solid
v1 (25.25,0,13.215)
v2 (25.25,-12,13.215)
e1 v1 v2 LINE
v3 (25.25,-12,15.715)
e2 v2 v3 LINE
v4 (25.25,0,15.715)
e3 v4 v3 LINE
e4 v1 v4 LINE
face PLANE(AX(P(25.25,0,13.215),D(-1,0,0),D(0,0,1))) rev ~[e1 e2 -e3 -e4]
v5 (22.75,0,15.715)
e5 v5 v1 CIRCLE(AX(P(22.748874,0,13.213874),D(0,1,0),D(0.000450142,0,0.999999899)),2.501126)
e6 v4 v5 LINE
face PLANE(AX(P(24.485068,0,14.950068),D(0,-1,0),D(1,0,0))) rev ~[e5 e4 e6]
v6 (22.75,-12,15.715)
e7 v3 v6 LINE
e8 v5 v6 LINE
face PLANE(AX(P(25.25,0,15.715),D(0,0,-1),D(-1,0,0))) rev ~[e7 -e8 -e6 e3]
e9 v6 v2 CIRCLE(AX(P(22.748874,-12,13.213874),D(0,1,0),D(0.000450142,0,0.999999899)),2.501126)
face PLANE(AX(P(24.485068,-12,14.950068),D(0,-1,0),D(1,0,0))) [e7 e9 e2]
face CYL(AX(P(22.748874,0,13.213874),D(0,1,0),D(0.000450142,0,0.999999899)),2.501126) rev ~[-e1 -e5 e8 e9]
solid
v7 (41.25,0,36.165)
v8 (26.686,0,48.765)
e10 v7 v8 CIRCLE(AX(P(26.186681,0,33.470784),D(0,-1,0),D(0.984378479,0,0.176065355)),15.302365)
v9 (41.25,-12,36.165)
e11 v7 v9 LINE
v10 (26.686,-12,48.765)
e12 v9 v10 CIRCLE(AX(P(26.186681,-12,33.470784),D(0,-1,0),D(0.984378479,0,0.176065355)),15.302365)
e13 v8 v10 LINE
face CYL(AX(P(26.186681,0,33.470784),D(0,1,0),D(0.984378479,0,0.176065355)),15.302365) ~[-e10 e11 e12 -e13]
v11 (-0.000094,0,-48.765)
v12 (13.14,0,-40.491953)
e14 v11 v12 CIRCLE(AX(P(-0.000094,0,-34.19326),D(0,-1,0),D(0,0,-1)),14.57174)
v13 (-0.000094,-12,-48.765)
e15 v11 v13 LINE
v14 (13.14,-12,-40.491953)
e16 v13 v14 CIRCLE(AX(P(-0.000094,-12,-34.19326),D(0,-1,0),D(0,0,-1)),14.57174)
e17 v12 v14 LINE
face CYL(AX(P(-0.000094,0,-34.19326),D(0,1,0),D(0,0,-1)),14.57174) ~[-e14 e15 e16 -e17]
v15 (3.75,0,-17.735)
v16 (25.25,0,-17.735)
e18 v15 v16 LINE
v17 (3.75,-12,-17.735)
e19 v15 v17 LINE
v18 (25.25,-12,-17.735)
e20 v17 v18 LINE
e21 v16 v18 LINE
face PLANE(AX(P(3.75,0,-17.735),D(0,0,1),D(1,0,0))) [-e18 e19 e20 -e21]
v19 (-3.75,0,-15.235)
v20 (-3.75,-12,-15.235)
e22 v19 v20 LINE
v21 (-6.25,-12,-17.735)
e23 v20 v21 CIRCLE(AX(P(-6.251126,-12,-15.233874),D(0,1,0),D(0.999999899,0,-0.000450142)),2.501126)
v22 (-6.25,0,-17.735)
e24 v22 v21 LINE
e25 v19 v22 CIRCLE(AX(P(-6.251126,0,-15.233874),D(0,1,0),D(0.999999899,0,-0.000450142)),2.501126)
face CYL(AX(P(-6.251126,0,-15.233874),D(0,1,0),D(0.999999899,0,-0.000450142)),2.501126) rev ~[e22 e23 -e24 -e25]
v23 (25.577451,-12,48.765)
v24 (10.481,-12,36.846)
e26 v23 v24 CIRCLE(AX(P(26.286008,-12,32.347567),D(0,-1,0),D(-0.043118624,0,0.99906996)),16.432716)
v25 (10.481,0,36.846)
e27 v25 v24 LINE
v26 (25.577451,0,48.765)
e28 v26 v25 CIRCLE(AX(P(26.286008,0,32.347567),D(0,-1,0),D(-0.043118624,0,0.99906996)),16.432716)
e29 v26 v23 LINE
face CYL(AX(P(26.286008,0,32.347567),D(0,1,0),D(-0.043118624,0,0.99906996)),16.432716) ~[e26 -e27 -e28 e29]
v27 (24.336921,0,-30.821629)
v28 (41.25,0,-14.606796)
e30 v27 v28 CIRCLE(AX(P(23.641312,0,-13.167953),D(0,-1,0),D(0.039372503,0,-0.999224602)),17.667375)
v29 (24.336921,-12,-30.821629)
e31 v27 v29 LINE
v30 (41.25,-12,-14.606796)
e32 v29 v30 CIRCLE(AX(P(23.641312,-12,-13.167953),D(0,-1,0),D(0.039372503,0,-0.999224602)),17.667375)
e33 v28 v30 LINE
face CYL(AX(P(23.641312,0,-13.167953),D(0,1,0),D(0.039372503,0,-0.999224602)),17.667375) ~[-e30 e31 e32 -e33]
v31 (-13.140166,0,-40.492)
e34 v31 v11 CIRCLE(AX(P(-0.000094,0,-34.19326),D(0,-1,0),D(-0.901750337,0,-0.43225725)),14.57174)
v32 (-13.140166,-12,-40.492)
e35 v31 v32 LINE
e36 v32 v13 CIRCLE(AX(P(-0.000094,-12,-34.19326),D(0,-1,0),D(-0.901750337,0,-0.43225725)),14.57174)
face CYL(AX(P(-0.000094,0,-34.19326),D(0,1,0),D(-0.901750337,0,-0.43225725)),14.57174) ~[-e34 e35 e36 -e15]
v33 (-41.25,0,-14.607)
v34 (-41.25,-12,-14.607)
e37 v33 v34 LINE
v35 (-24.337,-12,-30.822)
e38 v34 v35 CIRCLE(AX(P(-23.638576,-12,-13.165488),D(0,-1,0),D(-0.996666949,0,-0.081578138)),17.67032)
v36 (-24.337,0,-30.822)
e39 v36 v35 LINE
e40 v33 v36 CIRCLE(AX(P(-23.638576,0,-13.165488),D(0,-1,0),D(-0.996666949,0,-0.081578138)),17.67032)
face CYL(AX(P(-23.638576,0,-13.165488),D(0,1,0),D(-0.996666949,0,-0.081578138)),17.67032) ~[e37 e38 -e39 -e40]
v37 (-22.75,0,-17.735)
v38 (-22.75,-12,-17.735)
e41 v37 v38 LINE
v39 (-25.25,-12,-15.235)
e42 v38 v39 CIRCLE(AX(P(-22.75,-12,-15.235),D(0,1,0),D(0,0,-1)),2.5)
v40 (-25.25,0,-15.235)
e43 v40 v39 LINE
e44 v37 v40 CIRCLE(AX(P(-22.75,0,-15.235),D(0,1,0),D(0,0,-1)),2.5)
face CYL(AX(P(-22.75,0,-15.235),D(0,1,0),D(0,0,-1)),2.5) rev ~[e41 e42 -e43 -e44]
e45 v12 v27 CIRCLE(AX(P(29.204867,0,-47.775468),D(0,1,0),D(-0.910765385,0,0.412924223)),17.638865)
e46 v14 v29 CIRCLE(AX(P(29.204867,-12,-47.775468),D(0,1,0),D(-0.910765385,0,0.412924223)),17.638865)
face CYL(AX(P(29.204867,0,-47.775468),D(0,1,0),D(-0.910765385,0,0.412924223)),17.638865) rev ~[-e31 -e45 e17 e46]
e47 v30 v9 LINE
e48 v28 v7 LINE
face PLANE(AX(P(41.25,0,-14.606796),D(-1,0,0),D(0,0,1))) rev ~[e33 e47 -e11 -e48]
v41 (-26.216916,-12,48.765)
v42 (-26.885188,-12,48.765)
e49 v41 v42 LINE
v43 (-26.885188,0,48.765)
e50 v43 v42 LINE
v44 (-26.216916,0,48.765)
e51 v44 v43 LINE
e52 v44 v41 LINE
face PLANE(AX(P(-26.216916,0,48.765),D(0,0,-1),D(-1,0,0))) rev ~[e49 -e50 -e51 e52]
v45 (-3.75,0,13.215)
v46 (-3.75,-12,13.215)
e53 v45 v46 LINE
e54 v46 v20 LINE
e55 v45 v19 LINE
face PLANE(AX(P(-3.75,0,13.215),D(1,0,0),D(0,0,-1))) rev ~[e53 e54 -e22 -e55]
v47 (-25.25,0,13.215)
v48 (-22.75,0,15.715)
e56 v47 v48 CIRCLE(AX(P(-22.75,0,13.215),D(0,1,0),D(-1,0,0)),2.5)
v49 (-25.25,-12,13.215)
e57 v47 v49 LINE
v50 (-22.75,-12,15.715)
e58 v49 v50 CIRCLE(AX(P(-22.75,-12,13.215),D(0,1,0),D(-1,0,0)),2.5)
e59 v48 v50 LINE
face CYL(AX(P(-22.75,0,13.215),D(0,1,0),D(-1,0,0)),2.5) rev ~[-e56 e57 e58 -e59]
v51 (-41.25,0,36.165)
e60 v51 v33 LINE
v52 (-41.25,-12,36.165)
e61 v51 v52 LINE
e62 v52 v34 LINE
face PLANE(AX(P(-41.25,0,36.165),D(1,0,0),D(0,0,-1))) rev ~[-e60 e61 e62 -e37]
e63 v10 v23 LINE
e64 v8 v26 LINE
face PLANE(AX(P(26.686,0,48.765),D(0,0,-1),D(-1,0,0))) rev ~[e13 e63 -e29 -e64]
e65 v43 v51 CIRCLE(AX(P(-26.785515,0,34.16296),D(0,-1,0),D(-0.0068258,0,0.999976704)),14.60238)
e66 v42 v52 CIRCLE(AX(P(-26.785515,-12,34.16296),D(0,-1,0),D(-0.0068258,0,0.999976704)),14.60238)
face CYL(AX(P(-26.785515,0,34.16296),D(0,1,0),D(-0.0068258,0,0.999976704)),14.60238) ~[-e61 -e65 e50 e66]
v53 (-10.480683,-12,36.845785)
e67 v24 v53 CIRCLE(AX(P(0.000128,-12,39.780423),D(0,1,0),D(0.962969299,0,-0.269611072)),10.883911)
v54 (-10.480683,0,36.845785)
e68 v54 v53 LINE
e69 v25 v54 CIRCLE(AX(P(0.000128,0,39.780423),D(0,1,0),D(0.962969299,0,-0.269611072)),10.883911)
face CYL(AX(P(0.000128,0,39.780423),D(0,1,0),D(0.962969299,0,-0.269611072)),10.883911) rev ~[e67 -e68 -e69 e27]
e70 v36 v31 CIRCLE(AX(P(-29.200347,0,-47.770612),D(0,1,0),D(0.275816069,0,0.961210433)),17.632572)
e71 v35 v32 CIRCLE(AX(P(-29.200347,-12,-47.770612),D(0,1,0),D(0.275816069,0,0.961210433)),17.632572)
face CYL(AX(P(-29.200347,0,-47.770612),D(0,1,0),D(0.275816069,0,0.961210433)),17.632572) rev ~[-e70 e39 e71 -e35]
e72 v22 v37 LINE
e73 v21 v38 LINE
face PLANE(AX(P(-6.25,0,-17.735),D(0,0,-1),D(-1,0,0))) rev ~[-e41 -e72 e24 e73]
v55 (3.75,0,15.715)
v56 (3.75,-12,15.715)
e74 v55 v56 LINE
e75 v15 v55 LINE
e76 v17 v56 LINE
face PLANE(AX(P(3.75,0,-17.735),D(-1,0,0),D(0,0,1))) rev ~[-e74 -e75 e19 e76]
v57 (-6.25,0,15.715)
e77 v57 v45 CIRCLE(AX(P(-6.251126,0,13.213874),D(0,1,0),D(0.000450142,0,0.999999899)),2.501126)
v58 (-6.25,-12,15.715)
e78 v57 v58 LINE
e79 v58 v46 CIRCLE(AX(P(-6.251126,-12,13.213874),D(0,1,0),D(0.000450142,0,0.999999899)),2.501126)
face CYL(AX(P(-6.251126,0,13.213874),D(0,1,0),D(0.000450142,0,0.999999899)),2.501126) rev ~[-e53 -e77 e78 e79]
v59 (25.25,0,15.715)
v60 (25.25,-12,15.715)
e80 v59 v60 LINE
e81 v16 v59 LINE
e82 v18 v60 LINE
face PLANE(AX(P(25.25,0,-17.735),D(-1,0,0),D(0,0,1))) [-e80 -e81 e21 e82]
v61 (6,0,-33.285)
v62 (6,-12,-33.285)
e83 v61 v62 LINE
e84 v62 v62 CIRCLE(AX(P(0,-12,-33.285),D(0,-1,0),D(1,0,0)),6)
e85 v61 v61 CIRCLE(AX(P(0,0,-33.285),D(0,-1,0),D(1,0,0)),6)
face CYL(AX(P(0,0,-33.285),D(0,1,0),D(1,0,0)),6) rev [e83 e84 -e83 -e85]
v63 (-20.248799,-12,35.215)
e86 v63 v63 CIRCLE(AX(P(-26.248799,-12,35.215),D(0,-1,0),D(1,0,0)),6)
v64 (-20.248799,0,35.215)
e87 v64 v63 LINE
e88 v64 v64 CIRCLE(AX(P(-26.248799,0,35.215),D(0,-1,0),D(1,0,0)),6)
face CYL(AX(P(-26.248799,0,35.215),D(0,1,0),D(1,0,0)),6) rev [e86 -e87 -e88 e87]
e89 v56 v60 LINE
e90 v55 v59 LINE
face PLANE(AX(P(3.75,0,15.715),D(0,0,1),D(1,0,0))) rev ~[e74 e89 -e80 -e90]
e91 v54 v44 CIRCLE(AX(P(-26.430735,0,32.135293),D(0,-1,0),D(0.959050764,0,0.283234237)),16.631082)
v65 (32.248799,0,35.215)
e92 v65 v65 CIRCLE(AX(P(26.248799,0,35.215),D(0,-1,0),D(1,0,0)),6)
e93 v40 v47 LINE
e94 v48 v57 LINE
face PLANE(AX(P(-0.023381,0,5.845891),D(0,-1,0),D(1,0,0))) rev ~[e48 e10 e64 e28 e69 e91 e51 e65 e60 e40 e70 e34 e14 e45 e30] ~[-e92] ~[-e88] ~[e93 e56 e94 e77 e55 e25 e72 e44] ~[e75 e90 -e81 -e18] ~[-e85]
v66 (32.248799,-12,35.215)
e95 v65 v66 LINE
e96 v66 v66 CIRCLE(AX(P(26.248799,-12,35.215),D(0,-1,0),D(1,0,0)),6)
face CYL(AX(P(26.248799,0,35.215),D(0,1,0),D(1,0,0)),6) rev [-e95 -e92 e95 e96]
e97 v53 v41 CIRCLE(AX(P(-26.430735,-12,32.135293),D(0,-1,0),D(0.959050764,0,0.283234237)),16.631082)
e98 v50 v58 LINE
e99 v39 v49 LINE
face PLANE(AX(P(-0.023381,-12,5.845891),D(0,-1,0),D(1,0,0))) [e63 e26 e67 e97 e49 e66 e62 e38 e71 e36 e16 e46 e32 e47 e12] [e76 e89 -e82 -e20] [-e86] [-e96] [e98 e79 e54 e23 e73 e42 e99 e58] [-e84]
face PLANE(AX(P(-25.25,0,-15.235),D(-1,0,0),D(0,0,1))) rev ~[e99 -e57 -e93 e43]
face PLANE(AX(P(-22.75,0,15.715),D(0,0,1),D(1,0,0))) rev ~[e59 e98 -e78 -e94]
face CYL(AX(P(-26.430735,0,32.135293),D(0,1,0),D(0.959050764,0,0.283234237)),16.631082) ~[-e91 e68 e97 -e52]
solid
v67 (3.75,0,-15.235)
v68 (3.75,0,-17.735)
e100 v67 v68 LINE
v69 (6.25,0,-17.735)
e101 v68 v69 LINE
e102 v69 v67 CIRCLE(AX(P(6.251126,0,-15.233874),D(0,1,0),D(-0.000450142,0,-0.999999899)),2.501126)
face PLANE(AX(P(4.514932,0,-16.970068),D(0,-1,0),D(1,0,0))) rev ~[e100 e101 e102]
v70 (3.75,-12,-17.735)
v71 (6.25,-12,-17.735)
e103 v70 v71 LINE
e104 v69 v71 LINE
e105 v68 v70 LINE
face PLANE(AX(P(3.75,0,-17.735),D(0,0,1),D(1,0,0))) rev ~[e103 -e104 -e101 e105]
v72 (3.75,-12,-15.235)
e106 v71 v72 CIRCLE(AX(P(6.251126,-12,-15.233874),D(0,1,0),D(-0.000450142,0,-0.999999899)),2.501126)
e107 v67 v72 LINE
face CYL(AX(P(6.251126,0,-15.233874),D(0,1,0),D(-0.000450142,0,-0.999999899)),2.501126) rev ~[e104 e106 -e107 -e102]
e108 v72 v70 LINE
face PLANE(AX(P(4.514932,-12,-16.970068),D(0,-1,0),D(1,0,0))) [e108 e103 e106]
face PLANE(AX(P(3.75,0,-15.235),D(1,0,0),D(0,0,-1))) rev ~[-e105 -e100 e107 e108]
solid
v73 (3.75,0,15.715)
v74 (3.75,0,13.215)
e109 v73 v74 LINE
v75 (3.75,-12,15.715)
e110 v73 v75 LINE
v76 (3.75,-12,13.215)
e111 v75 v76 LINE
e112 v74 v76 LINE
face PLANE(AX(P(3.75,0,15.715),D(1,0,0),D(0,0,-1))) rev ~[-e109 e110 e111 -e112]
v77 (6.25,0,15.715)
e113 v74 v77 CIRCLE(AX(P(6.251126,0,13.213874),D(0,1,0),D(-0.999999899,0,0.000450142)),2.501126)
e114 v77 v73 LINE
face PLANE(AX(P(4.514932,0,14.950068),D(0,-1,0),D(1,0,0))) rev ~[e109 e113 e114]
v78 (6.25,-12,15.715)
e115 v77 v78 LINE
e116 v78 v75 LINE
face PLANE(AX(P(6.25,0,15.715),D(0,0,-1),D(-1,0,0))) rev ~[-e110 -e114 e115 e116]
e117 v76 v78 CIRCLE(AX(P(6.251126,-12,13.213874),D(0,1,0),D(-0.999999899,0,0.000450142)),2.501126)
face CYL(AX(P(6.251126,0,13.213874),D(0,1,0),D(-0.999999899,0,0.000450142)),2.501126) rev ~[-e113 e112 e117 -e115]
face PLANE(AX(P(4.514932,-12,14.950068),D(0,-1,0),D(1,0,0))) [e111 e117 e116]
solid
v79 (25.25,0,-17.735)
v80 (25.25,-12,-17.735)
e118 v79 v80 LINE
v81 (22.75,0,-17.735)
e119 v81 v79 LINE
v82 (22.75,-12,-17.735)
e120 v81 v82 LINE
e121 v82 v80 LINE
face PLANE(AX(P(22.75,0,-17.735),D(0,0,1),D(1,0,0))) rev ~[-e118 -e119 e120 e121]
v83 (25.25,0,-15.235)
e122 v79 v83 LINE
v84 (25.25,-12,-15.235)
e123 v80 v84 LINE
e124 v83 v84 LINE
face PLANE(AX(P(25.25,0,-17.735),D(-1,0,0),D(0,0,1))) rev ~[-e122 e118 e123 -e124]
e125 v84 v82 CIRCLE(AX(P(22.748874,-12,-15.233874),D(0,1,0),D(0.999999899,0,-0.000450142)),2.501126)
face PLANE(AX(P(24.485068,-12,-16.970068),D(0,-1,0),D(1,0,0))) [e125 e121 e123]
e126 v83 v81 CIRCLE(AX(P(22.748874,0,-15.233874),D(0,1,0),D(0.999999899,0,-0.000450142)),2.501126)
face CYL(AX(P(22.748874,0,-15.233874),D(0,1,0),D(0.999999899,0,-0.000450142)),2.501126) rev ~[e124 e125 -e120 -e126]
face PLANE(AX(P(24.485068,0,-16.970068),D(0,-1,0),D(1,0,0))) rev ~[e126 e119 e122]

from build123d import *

# Parameters (mm, degrees)
F4_R     = 6
F4_W     = 21.5
F4_H     = 33.45
F6_DEPTH = 12


with BuildPart() as f6:
    # F4 (on face) → F6 (new body)
    with BuildSketch(Plane.XZ):
        with BuildLine():
            ThreePointArc((-41.25, -14.607), (-35.8674022278, -25.9207231501), (-24.337, -30.822))
            ThreePointArc((-24.337, -30.822), (-17.6753424514, -34.4258801724), (-13.1401661783, -40.492))
            ThreePointArc((-13.1401661783, -40.492), (-7.7638565745, -46.5245050412), (-9.43185e-05, -48.765))
            ThreePointArc((-9.43185e-05, -48.765), (7.7636899207, -46.5244912019), (13.14, -40.4919531523))
            ThreePointArc((13.14, -40.4919531523), (17.6755802004, -34.4261199153), (24.3369212747, -30.8216288686))
            ThreePointArc((24.3369212747, -30.8216288686), (35.8680052264, -25.921153722), (41.25, -14.606796205))
            Line((41.25, -14.606796205), (41.25, 36.165))
            ThreePointArc((41.25, 36.165), (36.1986202104, 45.0433137098), (26.686, 48.765))
            Line((26.686, 48.765), (25.5774514153, 48.765))
            ThreePointArc((25.5774514153, 48.765), (16.1031746077, 45.24501144), (10.481, 36.846))
            ThreePointArc((10.481, 36.846), (0.0002400088, 28.896512173), (-10.4806832969, 36.8457846785))
            ThreePointArc((-10.4806832969, 36.8457846785), (-16.3890913636, 45.3926785372), (-26.2169155617, 48.765))
            Line((-26.2169155617, 48.765), (-26.6445539892, 48.765))
            Line((-26.6445539892, 48.765), (-26.6858417388, 48.765))
            Line((-26.6858417388, 48.765), (-26.8851875879, 48.765))
            ThreePointArc((-26.8851875879, 48.765), (-36.4145684312, 45.1407024127), (-41.25, 36.165))
            Line((-41.25, 36.165), (-41.25, -14.607))
        make_face()
        Polygon((-25.25, 15.715), (-22.75, 15.715), (-6.25, 15.715), (-3.75, 15.715), (-3.75, 13.215), (-3.75, -15.235), (-3.75, -17.735), (-6.25, -17.735), (-22.75, -17.735), (-25.25, -17.735), (-25.25, -15.235), (-25.25, 13.215), align=None, mode=Mode.SUBTRACT)
        with Locations((0, -33.285)):
            Circle(F4_R, mode=Mode.SUBTRACT)
        with Locations((14.5, -1.01)):
            Rectangle(F4_W, F4_H, mode=Mode.SUBTRACT)
        with Locations((-26.2487990011, 35.215)):
            Circle(F4_R, mode=Mode.SUBTRACT)
        with Locations((26.2487990011, 35.215)):
            Circle(F4_R, mode=Mode.SUBTRACT)
        with BuildLine():
            Line((-3.75, -17.735), (-3.75, -15.235))
            ThreePointArc((-3.75, -15.235), (-4.4825626253, -17.0024373747), (-6.25, -17.735))
            Line((-6.25, -17.735), (-3.75, -17.735))
        make_face()
        with BuildLine():
            ThreePointArc((-25.25, 13.215), (-24.517766953, 14.982766953), (-22.75, 15.715))
            Line((-22.75, 15.715), (-25.25, 15.715))
            Line((-25.25, 15.715), (-25.25, 13.215))
        make_face()
        with BuildLine():
            ThreePointArc((-22.75, -17.735), (-24.517766953, -17.002766953), (-25.25, -15.235))
            Line((-25.25, -15.235), (-25.25, -17.735))
            Line((-25.25, -17.735), (-22.75, -17.735))
        make_face()
        with BuildLine():
            Line((-3.75, 15.715), (-6.25, 15.715))
            ThreePointArc((-6.25, 15.715), (-4.4825626253, 14.9824373747), (-3.75, 13.215))
            Line((-3.75, 13.215), (-3.75, 15.715))
        make_face()
    extrude(amount=F6_DEPTH)


with BuildPart() as f6b:
    # F5 (on face) → F6, piece 2 (new body)
    with BuildSketch(Plane.XZ):
        with BuildLine():
            ThreePointArc((6.25, -17.735), (4.4825626253, -17.0024373747), (3.75, -15.235))
            Line((3.75, -15.235), (3.75, -17.735))
            Line((3.75, -17.735), (6.25, -17.735))
        make_face()
    extrude(amount=F6_DEPTH)


with BuildPart() as f6c:
    # F5 (on face) → F6, piece 3 (new body)
    with BuildSketch(Plane.XZ):
        with BuildLine():
            ThreePointArc((3.75, 13.215), (4.4825626253, 14.9824373747), (6.25, 15.715))
            Line((6.25, 15.715), (3.75, 15.715))
            Line((3.75, 15.715), (3.75, 13.215))
        make_face()
    extrude(amount=F6_DEPTH)


with BuildPart() as f6d:
    # F5 (on face) → F6, piece 4 (new body)
    with BuildSketch(Plane.XZ):
        with BuildLine():
            Line((25.25, -17.735), (25.25, -15.235))
            ThreePointArc((25.25, -15.235), (24.5174373747, -17.0024373747), (22.75, -17.735))
            Line((22.75, -17.735), (25.25, -17.735))
        make_face()
    extrude(amount=F6_DEPTH)


with BuildPart() as f6e:
    # F5 (on face) → F6, piece 5 (new body)
    with BuildSketch(Plane.XZ):
        with BuildLine():
            Line((25.25, 15.715), (22.75, 15.715))
            ThreePointArc((22.75, 15.715), (24.5174373747, 14.9824373747), (25.25, 13.215))
            Line((25.25, 13.215), (25.25, 15.715))
        make_face()
    extrude(amount=F6_DEPTH)


solid = Compound([f6.part, f6b.part, f6c.part, f6d.part, f6e.part])
